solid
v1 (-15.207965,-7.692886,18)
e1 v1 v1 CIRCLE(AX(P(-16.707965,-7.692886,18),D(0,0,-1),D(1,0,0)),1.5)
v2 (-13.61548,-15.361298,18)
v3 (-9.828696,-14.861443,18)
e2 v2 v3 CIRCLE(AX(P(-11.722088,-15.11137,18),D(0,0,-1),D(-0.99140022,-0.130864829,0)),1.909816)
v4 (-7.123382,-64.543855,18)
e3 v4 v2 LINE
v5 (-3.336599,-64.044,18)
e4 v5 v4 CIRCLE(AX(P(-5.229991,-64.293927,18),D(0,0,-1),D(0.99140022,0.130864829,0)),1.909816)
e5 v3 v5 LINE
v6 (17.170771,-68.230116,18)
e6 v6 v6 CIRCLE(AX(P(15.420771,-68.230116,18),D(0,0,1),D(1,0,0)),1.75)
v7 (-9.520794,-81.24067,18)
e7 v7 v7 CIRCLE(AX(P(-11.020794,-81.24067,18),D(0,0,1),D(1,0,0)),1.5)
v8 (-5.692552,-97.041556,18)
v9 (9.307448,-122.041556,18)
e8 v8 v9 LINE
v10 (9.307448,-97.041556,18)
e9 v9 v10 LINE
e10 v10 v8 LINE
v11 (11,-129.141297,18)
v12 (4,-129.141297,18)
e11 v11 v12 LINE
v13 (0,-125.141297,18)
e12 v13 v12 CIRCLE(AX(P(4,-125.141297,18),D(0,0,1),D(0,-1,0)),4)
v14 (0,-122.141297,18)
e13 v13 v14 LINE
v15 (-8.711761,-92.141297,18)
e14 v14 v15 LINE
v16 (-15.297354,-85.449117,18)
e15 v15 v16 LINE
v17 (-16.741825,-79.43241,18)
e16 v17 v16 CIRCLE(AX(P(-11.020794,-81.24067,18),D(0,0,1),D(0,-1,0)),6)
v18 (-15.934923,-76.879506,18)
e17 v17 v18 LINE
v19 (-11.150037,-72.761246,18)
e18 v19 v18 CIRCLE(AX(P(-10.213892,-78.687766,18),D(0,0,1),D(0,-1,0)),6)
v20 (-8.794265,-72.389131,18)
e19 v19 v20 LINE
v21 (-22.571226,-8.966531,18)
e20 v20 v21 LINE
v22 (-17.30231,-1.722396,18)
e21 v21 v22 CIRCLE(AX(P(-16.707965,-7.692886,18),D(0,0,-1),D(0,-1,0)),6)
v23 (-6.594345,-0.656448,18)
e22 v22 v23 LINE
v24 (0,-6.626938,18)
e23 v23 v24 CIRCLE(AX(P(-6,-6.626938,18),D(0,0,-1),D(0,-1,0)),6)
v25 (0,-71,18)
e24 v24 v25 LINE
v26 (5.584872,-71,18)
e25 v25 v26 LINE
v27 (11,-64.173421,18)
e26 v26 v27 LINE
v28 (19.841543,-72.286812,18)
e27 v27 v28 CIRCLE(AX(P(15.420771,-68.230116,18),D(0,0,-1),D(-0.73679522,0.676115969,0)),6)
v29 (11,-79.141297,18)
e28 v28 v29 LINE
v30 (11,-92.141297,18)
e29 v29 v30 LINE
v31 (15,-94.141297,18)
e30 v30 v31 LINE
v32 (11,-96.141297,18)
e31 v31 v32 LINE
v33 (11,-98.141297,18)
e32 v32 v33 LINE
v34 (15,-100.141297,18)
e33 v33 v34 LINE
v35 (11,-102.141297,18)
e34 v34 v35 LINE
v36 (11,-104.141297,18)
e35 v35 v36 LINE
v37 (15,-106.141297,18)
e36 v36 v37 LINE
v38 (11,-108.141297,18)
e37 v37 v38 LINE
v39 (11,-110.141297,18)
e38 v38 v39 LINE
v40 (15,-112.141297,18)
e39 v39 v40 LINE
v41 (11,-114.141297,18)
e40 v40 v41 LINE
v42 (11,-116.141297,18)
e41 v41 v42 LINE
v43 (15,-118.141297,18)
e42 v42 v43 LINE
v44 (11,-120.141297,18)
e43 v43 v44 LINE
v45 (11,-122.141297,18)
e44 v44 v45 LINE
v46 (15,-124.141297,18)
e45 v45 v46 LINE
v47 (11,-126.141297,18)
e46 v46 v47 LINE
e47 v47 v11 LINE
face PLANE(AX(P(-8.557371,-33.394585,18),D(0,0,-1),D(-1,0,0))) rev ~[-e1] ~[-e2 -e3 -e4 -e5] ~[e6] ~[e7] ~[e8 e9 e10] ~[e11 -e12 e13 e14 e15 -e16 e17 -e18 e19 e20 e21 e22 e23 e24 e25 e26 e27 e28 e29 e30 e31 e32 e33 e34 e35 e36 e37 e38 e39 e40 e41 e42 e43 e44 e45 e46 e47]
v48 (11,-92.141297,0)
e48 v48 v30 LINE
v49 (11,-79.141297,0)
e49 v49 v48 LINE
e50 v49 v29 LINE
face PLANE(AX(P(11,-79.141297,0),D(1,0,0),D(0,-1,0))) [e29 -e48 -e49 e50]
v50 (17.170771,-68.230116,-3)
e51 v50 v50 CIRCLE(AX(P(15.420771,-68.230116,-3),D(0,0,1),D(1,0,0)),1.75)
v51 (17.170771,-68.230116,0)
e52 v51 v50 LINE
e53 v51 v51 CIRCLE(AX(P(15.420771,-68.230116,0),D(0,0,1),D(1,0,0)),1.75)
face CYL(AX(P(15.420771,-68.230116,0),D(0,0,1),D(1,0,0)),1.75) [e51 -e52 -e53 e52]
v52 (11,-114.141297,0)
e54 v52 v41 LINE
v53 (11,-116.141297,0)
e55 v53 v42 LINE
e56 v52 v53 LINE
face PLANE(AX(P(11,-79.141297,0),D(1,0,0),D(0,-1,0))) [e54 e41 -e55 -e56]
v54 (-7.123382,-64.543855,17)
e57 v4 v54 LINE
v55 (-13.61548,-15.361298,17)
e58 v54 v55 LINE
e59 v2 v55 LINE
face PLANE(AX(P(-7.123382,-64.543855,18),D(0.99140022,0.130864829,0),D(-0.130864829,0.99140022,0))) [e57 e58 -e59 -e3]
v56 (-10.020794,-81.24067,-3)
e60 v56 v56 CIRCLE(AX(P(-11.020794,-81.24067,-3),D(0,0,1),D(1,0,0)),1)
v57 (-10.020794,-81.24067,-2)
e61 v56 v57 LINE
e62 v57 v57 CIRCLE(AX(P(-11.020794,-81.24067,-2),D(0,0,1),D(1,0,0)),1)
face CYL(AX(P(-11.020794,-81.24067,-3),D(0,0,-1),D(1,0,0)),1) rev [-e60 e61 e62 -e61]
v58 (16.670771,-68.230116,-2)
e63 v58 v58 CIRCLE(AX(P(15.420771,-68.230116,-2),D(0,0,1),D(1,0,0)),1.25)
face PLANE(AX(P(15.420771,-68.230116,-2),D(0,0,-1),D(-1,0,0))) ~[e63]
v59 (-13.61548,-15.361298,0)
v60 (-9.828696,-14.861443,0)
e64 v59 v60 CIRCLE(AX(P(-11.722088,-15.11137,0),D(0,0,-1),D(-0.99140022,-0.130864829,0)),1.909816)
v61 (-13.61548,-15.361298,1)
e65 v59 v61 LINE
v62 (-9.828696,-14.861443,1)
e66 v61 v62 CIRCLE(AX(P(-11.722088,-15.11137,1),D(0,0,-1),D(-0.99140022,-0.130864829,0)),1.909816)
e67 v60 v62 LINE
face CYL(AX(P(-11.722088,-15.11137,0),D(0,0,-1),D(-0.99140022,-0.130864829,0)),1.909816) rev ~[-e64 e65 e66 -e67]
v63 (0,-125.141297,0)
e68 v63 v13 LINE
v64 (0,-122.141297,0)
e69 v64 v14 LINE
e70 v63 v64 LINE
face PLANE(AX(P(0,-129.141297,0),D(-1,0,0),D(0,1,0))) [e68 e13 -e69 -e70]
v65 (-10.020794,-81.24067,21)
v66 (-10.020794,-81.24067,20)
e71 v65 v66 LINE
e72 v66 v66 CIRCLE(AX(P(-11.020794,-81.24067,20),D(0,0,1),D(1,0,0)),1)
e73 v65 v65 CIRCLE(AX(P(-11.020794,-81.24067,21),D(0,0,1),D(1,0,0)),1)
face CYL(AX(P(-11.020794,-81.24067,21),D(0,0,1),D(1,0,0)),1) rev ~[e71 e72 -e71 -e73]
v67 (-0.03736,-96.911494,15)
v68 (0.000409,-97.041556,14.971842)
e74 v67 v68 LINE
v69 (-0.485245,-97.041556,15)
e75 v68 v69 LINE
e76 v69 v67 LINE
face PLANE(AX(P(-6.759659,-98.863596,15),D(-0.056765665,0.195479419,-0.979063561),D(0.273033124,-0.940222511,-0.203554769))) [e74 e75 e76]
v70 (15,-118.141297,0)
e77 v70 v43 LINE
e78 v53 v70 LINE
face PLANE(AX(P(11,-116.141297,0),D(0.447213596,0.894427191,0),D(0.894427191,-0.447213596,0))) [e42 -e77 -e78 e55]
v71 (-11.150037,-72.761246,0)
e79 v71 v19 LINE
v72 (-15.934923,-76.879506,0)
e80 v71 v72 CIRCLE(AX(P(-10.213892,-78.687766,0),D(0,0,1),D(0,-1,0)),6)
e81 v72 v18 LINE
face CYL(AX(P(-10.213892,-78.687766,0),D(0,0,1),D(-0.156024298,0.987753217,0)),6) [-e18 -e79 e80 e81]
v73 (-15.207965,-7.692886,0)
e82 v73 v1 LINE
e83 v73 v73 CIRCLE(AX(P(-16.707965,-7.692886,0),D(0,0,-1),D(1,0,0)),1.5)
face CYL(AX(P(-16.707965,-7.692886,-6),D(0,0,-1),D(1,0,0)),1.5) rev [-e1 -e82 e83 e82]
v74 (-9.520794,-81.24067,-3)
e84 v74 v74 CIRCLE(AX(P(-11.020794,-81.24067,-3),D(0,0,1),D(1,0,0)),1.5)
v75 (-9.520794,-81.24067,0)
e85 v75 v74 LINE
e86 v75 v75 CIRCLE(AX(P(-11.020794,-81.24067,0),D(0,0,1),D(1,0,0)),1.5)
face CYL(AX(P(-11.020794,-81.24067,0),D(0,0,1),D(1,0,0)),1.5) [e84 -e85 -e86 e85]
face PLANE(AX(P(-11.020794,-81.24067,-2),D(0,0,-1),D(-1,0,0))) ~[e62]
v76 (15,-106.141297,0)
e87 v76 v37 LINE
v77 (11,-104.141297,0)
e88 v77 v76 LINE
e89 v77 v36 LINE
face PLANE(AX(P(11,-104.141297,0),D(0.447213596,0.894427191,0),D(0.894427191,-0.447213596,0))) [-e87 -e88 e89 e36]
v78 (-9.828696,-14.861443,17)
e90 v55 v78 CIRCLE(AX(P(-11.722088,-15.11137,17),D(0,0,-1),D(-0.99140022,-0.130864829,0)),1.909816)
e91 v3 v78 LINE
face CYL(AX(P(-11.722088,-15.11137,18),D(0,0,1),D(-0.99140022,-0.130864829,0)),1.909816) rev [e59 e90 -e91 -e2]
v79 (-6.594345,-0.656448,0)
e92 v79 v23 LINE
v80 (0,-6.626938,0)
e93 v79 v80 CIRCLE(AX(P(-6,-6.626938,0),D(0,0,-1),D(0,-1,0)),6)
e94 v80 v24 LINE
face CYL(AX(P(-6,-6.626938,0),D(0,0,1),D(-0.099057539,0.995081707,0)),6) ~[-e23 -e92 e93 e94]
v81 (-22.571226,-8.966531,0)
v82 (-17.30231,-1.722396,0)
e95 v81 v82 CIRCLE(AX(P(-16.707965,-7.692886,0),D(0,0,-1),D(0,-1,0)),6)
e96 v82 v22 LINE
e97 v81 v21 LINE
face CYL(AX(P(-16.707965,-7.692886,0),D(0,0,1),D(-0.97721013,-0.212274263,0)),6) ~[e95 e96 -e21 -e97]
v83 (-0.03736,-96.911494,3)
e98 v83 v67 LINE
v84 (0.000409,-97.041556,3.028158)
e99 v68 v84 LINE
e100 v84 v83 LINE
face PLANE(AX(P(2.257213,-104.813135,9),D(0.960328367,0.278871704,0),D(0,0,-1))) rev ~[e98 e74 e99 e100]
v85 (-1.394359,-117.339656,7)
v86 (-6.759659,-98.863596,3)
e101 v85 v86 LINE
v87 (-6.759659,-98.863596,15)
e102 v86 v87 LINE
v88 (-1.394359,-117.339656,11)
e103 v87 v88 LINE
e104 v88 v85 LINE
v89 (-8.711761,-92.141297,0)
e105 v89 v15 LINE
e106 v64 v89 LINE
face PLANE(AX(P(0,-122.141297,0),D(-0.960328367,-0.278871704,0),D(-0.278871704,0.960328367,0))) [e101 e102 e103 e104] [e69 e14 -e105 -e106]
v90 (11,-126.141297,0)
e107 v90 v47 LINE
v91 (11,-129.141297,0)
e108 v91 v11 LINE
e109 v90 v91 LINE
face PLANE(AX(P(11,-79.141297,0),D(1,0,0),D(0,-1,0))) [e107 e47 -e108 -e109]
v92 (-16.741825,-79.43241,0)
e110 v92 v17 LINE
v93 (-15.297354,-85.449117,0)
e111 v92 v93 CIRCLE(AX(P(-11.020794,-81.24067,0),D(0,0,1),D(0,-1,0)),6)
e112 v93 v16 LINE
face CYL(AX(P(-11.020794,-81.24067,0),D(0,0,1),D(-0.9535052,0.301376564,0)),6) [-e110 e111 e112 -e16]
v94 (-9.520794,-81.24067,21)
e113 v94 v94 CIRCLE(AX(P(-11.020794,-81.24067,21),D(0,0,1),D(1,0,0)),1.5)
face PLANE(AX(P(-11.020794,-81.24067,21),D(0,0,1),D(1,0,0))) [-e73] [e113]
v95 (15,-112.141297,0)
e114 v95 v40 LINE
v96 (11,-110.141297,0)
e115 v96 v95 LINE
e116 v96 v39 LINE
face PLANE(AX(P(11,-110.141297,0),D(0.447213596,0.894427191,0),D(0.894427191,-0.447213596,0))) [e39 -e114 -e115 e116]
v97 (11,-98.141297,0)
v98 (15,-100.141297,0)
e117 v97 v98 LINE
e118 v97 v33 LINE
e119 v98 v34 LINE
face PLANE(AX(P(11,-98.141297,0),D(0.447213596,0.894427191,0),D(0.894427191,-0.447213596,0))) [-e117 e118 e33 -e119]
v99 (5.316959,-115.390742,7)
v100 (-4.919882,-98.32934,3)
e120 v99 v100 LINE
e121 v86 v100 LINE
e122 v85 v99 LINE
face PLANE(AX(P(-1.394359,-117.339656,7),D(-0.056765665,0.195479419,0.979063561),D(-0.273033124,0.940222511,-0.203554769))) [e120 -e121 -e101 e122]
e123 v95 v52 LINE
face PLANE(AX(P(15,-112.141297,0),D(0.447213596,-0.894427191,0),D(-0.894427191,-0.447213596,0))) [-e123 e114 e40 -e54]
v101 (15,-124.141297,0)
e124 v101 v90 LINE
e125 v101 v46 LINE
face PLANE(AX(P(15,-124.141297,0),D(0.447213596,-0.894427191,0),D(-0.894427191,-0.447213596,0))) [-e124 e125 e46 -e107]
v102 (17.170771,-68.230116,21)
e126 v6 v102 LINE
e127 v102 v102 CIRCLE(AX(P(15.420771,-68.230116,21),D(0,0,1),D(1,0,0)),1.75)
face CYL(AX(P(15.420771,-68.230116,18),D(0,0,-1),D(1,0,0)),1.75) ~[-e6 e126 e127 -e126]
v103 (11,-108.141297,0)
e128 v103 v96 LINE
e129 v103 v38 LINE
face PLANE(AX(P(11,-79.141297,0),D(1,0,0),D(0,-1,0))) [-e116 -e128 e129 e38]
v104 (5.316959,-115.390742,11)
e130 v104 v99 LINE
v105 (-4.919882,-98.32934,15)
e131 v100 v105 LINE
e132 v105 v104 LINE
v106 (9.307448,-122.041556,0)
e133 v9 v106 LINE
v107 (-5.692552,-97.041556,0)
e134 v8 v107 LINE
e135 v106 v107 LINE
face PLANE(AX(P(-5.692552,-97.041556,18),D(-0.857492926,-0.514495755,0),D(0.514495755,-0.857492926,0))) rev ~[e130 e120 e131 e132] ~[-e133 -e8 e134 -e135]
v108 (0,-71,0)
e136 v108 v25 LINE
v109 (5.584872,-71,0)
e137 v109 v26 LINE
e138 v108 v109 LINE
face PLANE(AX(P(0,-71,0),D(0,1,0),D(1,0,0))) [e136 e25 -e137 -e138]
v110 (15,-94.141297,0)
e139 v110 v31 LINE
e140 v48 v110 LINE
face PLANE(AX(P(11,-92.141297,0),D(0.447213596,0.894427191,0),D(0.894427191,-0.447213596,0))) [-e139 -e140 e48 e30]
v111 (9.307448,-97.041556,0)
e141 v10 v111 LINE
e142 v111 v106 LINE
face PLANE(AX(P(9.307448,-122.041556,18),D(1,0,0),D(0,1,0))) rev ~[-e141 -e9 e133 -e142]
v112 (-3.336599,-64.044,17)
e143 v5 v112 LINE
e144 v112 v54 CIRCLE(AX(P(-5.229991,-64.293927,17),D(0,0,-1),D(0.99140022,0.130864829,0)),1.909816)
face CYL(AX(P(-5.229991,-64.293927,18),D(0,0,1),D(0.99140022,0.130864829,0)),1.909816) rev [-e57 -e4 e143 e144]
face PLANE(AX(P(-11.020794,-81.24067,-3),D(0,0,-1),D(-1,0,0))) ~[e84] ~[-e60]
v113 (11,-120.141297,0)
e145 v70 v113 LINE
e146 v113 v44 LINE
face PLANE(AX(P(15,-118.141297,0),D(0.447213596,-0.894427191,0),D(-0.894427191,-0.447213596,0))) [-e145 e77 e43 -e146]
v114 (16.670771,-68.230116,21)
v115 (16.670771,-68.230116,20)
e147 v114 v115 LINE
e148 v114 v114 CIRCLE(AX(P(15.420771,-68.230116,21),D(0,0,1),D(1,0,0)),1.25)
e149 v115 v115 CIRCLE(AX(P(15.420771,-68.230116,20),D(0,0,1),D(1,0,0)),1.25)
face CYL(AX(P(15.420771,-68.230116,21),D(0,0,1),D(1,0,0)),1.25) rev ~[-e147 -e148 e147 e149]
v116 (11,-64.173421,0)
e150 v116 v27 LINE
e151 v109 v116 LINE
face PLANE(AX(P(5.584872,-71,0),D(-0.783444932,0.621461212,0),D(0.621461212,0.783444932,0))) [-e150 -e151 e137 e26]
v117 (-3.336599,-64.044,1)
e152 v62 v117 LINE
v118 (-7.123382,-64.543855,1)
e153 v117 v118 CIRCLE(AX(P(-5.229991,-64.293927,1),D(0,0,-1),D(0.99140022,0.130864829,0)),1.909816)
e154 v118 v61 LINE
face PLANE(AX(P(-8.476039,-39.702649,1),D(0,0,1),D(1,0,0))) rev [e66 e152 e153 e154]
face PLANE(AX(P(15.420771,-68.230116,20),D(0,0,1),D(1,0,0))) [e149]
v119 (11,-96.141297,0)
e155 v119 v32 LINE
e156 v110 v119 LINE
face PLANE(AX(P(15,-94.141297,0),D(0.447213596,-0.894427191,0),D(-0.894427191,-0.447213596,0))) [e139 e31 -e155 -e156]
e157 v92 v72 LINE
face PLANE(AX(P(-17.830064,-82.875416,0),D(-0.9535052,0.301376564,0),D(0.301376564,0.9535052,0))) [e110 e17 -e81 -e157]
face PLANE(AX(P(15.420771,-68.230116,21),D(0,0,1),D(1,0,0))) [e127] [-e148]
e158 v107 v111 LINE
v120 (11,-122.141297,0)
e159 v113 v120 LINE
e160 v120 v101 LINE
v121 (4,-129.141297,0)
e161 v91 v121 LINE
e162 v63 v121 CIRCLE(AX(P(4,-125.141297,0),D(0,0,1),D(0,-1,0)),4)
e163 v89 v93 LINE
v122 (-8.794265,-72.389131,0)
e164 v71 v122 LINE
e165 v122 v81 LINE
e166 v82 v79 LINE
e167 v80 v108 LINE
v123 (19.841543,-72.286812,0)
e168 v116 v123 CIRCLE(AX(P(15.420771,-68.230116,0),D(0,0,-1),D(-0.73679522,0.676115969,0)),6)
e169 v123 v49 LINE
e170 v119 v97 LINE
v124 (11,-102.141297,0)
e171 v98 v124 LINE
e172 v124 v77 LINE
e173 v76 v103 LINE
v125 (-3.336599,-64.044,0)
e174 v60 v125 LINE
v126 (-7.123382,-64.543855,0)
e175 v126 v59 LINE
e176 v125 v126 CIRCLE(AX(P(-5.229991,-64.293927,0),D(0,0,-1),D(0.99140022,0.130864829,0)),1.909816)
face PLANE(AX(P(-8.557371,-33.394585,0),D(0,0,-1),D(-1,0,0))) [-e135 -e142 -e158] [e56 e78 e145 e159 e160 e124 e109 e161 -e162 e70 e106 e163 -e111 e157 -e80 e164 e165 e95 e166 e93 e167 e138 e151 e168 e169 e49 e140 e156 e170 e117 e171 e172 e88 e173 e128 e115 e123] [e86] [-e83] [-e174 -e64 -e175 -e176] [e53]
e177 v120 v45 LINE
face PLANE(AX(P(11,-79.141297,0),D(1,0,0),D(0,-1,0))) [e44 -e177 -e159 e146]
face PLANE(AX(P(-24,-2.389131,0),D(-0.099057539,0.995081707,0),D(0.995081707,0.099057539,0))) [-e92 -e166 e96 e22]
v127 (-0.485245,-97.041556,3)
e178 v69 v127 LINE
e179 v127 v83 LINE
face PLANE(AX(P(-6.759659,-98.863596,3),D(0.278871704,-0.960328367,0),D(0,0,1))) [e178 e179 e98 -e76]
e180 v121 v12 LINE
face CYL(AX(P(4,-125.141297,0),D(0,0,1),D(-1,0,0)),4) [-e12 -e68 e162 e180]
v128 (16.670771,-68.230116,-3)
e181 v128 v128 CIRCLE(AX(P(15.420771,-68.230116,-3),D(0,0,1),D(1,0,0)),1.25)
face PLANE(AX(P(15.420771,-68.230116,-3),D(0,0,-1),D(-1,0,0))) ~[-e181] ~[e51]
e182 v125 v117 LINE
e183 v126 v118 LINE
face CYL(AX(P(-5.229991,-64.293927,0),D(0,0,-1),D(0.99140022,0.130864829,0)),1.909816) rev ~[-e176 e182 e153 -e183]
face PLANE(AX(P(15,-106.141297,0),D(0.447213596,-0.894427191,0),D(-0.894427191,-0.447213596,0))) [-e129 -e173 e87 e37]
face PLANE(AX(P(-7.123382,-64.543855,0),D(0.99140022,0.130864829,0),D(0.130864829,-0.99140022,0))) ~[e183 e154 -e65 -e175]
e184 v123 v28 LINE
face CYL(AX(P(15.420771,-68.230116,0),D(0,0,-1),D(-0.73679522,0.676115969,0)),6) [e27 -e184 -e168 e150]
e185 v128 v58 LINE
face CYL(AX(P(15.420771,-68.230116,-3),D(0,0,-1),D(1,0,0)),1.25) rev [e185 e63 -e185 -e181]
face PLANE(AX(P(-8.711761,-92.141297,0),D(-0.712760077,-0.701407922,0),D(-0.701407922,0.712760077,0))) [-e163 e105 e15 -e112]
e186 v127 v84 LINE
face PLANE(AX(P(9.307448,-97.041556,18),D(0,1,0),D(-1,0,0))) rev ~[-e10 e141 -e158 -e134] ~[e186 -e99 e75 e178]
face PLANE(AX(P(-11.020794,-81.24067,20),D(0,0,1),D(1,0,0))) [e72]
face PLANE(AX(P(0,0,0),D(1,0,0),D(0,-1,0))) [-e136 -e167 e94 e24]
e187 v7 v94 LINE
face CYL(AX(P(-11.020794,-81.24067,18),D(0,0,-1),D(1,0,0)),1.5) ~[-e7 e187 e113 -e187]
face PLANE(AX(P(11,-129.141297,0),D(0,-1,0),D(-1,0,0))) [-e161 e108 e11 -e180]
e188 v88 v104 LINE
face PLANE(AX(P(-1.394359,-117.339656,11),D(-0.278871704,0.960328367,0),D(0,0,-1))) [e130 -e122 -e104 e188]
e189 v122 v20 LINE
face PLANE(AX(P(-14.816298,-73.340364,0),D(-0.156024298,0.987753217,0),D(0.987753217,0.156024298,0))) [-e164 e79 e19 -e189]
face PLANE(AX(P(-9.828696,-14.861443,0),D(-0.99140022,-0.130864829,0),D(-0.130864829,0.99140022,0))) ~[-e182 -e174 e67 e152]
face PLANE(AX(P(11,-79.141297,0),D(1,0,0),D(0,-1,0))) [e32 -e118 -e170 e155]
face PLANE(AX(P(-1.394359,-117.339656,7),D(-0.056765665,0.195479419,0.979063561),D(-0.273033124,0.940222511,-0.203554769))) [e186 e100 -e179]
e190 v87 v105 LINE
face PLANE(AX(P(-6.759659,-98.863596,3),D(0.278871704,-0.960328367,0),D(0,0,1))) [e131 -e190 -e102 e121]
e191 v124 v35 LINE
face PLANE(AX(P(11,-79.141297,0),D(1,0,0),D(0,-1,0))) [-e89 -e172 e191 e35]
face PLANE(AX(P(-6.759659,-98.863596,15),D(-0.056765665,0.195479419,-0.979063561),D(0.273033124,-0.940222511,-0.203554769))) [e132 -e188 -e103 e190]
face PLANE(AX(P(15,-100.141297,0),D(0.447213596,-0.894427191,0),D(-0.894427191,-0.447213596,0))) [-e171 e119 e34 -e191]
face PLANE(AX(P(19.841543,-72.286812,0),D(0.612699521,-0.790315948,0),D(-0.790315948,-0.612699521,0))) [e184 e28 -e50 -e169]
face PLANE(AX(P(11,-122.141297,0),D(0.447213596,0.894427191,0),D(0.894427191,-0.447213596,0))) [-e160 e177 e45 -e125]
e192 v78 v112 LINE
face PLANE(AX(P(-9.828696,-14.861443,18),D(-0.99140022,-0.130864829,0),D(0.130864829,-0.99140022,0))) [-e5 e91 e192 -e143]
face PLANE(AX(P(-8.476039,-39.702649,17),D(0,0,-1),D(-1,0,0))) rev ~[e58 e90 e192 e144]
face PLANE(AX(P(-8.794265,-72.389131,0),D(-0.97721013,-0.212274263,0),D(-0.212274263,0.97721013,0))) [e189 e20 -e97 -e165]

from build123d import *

# Parameters (mm, degrees)
BOSS_EXTRUDE1_DEPTH     = 18
FILLET1_R               = 6
FILLET2_R               = 6
FILLET3_R               = 4
BOSS_EXTRUDE2_DEPTH     = 18
LPATTERN1_COUNT         = 6
LPATTERN1_PITCH         = 6
CUT_EXTRUDE1_DEPTH      = 24
CUT_EXTRUDE2_DEPTH      = 7
CUT_EXTRUDE3_DEPTH      = 1
CUT_EXTRUDE3_DEPTH_BACK = 24
SKETCH5_R               = 1.5
SKETCH6_R               = 1.5
SKETCH6_R_2             = 1.75
BOSS_EXTRUDE3_DEPTH     = 3
SKETCH7_R               = 1
CUT_EXTRUDE4_DEPTH      = 1
SKETCH8_R               = 1.25
CUT_EXTRUDE5_DEPTH      = 1
CUT_EXTRUDE6_DEPTH      = 1


with BuildPart() as part:
    # Sketch1 → Boss-Extrude1 (new body)
    with BuildSketch(Plane.XY):
        Polygon((0, -71), (-8.794264851, -72.38913139), (-24, -2.38913139), (0, 0), align=None)
        with BuildLine():
            ThreePointArc((11, -64.173420673), (19.477467135, -63.809345165), (19.841542643, -72.2868123))
            Line((19.841542643, -72.2868123), (11, -79.141297469))
            Line((11, -79.141297469), (11, -129.141297469))
            Line((11, -129.141297469), (0, -129.141297469))
            Line((0, -129.141297469), (0, -122.141297469))
            Line((0, -122.141297469), (-8.711760915, -92.141297469))
            Line((-8.711760915, -92.141297469), (-17.830063901, -82.875416472))
            Line((-17.830063901, -82.875416472), (-14.816298261, -73.340364471))
            Line((-14.816298261, -73.340364471), (-8.794264851, -72.38913139))
            Line((-8.794264851, -72.38913139), (0, -71))
            Line((0, -71), (5.584872413, -71))
            Line((5.584872413, -71), (11, -64.173420673))
        make_face()
    extrude(amount=BOSS_EXTRUDE1_DEPTH)

    # Fillet1
    fillet1_edges = [part.edges().sort_by_distance(p)[0] for p in [
        (-24, -2.38913139, 9),
        (0, 0, 9),
    ]]
    fillet(fillet1_edges, radius=FILLET1_R)

    # Fillet2
    fillet2_edges = [part.edges().sort_by_distance(p)[0] for p in [
        (-17.830063901, -82.875416472, 9),
        (-14.816298261, -73.340364471, 9),
    ]]
    fillet(fillet2_edges, radius=FILLET2_R)

    # Fillet3
    fillet3_edges = [part.edges().sort_by_distance(p)[0] for p in [
        (0, -129.141297469, 9),
    ]]
    fillet(fillet3_edges, radius=FILLET3_R)

    # Sketch2 → Boss-Extrude2 (add)
    with BuildSketch(Plane(origin=(0, 0, 0), x_dir=(-1, 0, 0), z_dir=(0, 0, -1))):
        Polygon((-11, -126.141297469), (-11, -122.141297469), (-15, -124.141297469), align=None)
    boss_extrude2 = extrude(amount=-BOSS_EXTRUDE2_DEPTH)

    # LPattern1: Boss-Extrude2 ×6
    with Locations(*[(0, i * LPATTERN1_PITCH, 0) for i in range(1, LPATTERN1_COUNT)]):
        add(boss_extrude2)

    # Sketch3 → Cut-Extrude1 (cut)
    with BuildSketch(Plane.XY.offset(18)):
        Polygon((9.307447599, -122.0415562), (9.307447599, -97.0415562), (-5.692552401, -97.0415562), align=None)
    extrude(amount=-CUT_EXTRUDE1_DEPTH, mode=Mode.SUBTRACT)

    # Sketch4 → Cut-Extrude2 (cut)
    with BuildSketch(Plane(origin=(-32.710466491, -9.498858783, 0), x_dir=(0, 0, 1), z_dir=(-0.9603283669964562, -0.2788717044483353, 0))):
        Polygon((3, -93.056438116), (15, -93.056438116), (11, -112.295752741), (7, -112.295752741), align=None)
    extrude(amount=-CUT_EXTRUDE2_DEPTH, mode=Mode.SUBTRACT)

    # Sketch5 → Cut-Extrude3 (cut, two sides: drawn at the far end of the back side and taken through both)
    with BuildSketch(Plane.XY.offset(18).offset(-CUT_EXTRUDE3_DEPTH_BACK)):
        with Locations((-16.707964916, -7.692885756)):
            Circle(SKETCH5_R)
    extrude(amount=CUT_EXTRUDE3_DEPTH + CUT_EXTRUDE3_DEPTH_BACK, mode=Mode.SUBTRACT)

    # Sketch6 → Boss-Extrude3 (add)
    with BuildSketch(Plane.XY.offset(18)):
        with Locations((-11.020793941, -81.240669864)):
            Circle(SKETCH6_R)
        with Locations((15.420771321, -68.230116487)):
            Circle(SKETCH6_R_2)
    boss_extrude3 = extrude(amount=BOSS_EXTRUDE3_DEPTH)

    # Sketch7 → Cut-Extrude4 (cut)
    with BuildSketch(Plane.XY.offset(21)):
        with Locations((-11.020793941, -81.240669864)):
            Circle(SKETCH7_R)
    cut_extrude4 = extrude(amount=-CUT_EXTRUDE4_DEPTH, mode=Mode.SUBTRACT)

    # Sketch8 → Cut-Extrude5 (cut)
    with BuildSketch(Plane.XY.offset(21)):
        with Locations((15.420771321, -68.230116487)):
            Circle(SKETCH8_R)
    cut_extrude5 = extrude(amount=-CUT_EXTRUDE5_DEPTH, mode=Mode.SUBTRACT)

    # Sketch9 → Cut-Extrude6 (cut)
    with BuildSketch(Plane.XY.offset(18)):
        with BuildLine():
            Line((-9.828696114, -14.861442572), (-3.336598594, -64.043999546))
            ThreePointArc((-3.336598594, -64.043999546), (-4.98006279, -66.187319211), (-7.123382455, -64.543855015))
            Line((-7.123382455, -64.543855015), (-13.615479975, -15.361298042))
            ThreePointArc((-13.615479975, -15.361298042), (-11.97201578, -13.217978377), (-9.828696114, -14.861442572))
        make_face()
    cut_extrude6 = extrude(amount=-CUT_EXTRUDE6_DEPTH, mode=Mode.SUBTRACT)

    # Mirror1: Boss-Extrude3, Cut-Extrude4, Cut-Extrude5, Cut-Extrude6 across plane
    add(boss_extrude3.mirror(Plane.XY.offset(9)))
    add(cut_extrude4.mirror(Plane.XY.offset(9)), mode=Mode.SUBTRACT)
    add(cut_extrude5.mirror(Plane.XY.offset(9)), mode=Mode.SUBTRACT)
    add(cut_extrude6.mirror(Plane.XY.offset(9)), mode=Mode.SUBTRACT)


solid = part.part
